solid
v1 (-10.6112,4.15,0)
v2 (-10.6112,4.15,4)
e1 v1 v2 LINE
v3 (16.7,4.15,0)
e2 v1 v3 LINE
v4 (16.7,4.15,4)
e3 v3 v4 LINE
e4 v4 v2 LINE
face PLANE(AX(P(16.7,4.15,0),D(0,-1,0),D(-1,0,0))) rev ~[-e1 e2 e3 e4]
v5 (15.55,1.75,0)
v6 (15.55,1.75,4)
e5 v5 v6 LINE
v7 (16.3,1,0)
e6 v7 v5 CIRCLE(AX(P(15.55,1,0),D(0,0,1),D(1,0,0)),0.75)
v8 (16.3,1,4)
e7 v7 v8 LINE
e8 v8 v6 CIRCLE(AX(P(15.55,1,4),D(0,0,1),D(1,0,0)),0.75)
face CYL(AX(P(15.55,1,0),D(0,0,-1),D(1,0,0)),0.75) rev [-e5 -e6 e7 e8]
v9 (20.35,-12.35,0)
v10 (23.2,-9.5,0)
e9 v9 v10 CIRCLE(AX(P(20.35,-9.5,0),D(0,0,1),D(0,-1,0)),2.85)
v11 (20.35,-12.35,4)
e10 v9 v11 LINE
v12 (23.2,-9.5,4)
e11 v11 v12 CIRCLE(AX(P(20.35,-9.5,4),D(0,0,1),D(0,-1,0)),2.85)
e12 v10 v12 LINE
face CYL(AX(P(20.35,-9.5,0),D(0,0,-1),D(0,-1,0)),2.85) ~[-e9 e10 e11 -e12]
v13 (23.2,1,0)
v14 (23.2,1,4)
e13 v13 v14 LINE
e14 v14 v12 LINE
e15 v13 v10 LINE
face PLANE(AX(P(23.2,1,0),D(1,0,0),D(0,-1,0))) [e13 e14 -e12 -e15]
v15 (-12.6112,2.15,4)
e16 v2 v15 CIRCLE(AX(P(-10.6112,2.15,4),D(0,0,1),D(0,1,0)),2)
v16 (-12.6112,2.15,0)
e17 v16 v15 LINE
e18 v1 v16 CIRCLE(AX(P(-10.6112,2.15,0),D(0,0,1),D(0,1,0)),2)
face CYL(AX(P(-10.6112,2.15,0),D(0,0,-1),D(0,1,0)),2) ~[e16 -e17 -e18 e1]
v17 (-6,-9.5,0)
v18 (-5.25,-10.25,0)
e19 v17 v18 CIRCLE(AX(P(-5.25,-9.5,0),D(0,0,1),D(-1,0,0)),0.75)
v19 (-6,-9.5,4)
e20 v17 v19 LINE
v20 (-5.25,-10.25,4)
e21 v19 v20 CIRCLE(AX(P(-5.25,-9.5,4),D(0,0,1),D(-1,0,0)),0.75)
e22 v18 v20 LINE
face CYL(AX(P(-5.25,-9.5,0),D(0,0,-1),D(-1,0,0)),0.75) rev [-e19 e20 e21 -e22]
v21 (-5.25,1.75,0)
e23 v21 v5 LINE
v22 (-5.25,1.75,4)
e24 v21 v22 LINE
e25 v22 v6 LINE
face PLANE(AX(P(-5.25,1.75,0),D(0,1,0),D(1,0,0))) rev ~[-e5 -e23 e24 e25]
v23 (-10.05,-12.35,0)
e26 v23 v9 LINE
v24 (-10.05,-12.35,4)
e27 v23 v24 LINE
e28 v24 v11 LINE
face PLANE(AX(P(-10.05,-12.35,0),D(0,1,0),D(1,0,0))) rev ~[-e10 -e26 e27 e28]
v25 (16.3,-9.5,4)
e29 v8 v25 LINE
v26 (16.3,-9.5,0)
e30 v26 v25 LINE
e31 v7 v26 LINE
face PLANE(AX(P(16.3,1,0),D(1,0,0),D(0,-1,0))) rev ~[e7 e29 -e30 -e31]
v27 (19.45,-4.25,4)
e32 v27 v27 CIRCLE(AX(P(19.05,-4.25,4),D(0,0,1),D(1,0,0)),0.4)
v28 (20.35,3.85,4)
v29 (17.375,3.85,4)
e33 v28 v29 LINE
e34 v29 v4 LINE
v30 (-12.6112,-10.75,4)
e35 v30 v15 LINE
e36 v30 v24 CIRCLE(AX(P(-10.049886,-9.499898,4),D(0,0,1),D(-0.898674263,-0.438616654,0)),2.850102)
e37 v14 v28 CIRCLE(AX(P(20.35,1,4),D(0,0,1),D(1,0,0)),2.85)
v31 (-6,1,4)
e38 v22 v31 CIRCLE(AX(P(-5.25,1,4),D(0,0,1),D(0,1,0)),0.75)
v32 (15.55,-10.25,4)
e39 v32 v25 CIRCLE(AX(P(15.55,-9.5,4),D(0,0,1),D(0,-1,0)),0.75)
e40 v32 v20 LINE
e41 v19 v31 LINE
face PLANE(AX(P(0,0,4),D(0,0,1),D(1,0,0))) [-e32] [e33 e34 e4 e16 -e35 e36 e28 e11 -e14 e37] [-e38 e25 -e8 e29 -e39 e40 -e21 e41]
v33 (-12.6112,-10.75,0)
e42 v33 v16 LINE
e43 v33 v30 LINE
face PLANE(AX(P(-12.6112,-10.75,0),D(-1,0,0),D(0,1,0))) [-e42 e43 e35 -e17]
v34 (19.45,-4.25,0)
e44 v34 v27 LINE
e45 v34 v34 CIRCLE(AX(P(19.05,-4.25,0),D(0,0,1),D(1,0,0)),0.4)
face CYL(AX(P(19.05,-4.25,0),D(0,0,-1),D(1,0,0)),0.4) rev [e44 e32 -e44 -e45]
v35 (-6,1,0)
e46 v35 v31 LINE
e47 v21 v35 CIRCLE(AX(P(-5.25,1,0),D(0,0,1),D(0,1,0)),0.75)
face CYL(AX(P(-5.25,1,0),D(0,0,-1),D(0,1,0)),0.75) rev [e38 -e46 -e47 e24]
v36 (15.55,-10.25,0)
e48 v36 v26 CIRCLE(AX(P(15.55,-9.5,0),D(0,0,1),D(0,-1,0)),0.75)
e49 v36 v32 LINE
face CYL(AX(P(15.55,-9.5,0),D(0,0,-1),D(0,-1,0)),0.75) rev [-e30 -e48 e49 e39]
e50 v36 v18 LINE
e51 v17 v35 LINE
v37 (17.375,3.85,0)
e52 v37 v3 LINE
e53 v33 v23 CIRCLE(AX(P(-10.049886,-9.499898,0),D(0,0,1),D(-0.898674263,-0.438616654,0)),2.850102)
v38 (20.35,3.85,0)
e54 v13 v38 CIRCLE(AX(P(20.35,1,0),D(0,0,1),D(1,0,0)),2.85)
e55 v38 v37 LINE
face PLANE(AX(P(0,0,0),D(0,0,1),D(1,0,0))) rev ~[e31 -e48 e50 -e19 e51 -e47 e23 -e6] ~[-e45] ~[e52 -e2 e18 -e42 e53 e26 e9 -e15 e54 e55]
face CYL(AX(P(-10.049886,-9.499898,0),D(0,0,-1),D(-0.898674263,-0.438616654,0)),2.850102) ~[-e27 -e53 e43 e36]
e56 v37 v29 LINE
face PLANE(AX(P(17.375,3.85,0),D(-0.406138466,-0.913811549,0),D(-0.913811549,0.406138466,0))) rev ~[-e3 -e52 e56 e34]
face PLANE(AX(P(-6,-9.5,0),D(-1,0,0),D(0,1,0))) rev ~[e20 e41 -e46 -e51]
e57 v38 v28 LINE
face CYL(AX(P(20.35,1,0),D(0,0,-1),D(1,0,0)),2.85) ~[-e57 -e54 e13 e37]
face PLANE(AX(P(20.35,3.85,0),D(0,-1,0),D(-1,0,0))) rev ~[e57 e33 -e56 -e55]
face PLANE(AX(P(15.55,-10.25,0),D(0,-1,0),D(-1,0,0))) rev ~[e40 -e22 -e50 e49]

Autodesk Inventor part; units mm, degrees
ref_plane "YZ Plane" through (0, 0, 0) normal (1, 0, 0) x (0, 1, 0)
ref_plane "XZ Plane" through (0, 0, 0) normal (0, 1, 0) x (-1, 0, 0)
ref_plane "XY Plane" through (0, 0, 0) normal (0, 0, 1) x (1, 0, 0)
ref_plane "Płaszczyzna konstrukcyjna1" through (0, 0, 0) normal (0, 0, 1) x (1, 0, 0)
sketch "Szkic1" plane through (0, 0, 0) normal (0, 0, 1) x (1, 0, 0)
  line L0 (23.2, 1) -> (23.2, -9.5) projected
  arc A0 (23.2, 1) -> (20.35, 3.85) centre (20.35, 1) ccw projected
  line L1 (20.35, 3.85) -> (17.375, 3.85) projected
  line L2 (17.375, 3.85) -> (16.7, 4.15) projected
  line L3 (16.7, 4.15) -> (-6.1, 4.15) projected
  line L4 (-6.1, 4.15) -> (-6.1, 2.15) projected
  line L5 (16.7, 2.15) -> (-6.1, 2.15) projected
  line L6 (16.7, -10.75) -> (16.7, 2.15) projected
  line L7 (16.7, -10.75) -> (-12.6112, -10.75) projected
  arc A1 (-12.6112, -10.75) -> (-10.05, -12.35) centre (-10.05, -9.5) ccw projected
  line L8 (-10.05, -12.35) -> (20.35, -12.35) projected
  arc A2 (20.35, -12.35) -> (23.2, -9.5) centre (20.35, -9.5) ccw projected
  circle A3 centre (19.05, -4.25) radius 0.4 projected
  line L9 (-5.25, 1.85) -> (-10.05, 1.85) projected
  line L10 (-10.9, 1) -> (-10.9, -3.7) projected
  arc A4 (-10.05, 1.85) -> (-10.9, 1) centre (-10.05, 1) ccw projected
  line L11 (-10.9, -4.8) -> (-10.9, -9.5) projected
  arc A5 (-10.9, -9.5) -> (-10.05, -10.35) centre (-10.05, -9.5) ccw projected
  line L12 (-10.05, -10.35) -> (-5.25, -10.35) projected
  line L13 (-12.6112, -10.75) -> (-12.6112, 2.15)
  line L14 (-10.6112, 4.15) -> (-6.1, 4.15)
  arc A6 (-10.6112, 4.15) -> (-12.6112, 2.15) centre (-10.6112, 2.15) ccw
  line L15 (-2.55, 1.95) -> (12.85, 1.95) projected
  line L16 (12.85, -10.45) -> (-2.55, -10.45) projected
  line L17 (-2.55, -10.45) -> (-10.05, -10.35)
  line L18 (12.85, -10.45) -> (16.7, -10.45)
  line L19 (12.85, 1.95) -> (16.7, 1.95)
  line L20 (-2.55, 1.95) -> (-5.25, 1.85)
  line L21 (-10.9, -3.7) -> (-10.9, -4.8)
  line L22 (16.3, 1) -> (16.3, -9.5) projected
  arc A7 (15.55, -10.25) -> (16.3, -9.5) centre (15.55, -9.5) ccw projected
  line L23 (15.55, -10.25) -> (-5.25, -10.25) projected
  arc A8 (-6, -9.5) -> (-5.25, -10.25) centre (-5.25, -9.5) ccw projected
  line L24 (-6, -9.5) -> (-6, 1) projected
  arc A9 (-5.25, 1.75) -> (-6, 1) centre (-5.25, 1) ccw projected
  line L25 (-5.25, 1.75) -> (15.55, 1.75) projected
  arc A10 (16.3, 1) -> (15.55, 1.75) centre (15.55, 1) ccw projected
  line L26 (-1.9, -0.65) -> (1.2, -0.65) projected
  line L27 (-1.9, -1.75) -> (-1.9, -0.65) projected
  line L28 (1.2, -1.75) -> (-1.9, -1.75) projected
  line L29 (1.2, -0.65) -> (1.2, -1.75) projected
  line L30 (5.4, 0.75) -> (5.4, 0.4385) projected
  arc A11 (5.4, 0.75) -> (5.4, -2.85) centre (5.8571, -1.05) ccw projected
  line L31 (5.4, -2.5385) -> (5.4, -2.85) projected
  arc A12 (4.3078, -1.2057) -> (5.4, -2.5385) centre (5.8571, -1.05) ccw projected
  line L32 (5.4, -1.2057) -> (4.3078, -1.2057) projected
  line L33 (5.4, -0.8943) -> (5.4, -1.2057) projected
  line L34 (4.3078, -0.8943) -> (5.4, -0.8943) projected
  arc A13 (5.4, 0.4385) -> (4.3078, -0.8943) centre (5.8571, -1.05) ccw projected
  line L35 (3.9, 0.75) -> (3.9, 0.4385) projected
  arc A14 (3.9, 0.75) -> (3.9, -2.85) centre (4.3571, -1.05) ccw projected
  line L36 (3.9, -2.5385) -> (3.9, -2.85) projected
  arc A15 (3.9, 0.4385) -> (3.9, -2.5385) centre (4.3571, -1.05) ccw projected
  circle A16 centre (-4.75, -8.6) radius 1 projected
  circle A17 centre (15.05, -8.6) radius 1 projected
  circle A18 centre (15.05, 0.1) radius 1 projected
  circle A19 centre (-4.75, 0.1) radius 1 projected
  line L37 (10.7377, -7.5396) -> (10.2468, -7.5396) projected
  line L38 (10.2468, -7.5396) -> (10.2468, -7.75) projected
  line L39 (10.2468, -7.75) -> (11.4156, -7.75) projected
  line L40 (11.4156, -7.75) -> (11.4156, -7.5396) projected
  line L41 (11.4156, -7.5396) -> (10.9247, -7.5396) projected
  line L42 (10.9247, -7.5396) -> (10.9247, -5.95) projected
  line L43 (10.9247, -5.95) -> (10.7377, -5.95) projected
  line L44 (10.7377, -5.95) -> (10.7377, -7.5396) projected
  line L45 (11.626, -7.75) -> (12.1804, -7.75) projected
  spline S0 degree 3 poles (12.1804, -7.75) (12.1963, -7.75) (12.2267, -7.75) (12.2708, -7.7479) (12.3118, -7.7457) (12.3495, -7.7415) (12.384, -7.7369) (12.4153, -7.7312) (12.4433, -7.7239) (12.4607, -7.7181) (12.469, -7.7153) knots 0 0 0 0 0.162643 0.312901 0.453294 0.58413 0.70285 0.811058 0.910586 1 1 1 1 projected
  spline S1 degree 3 poles (12.469, -7.7153) (12.4794, -7.7113) (12.5003, -7.7032) (12.5297, -7.6872) (12.5577, -7.6693) (12.5841, -7.6488) (12.6087, -7.6256) (12.6318, -7.6) (12.653, -7.5717) (12.6725, -7.5411) (12.6907, -7.5086) (12.7057, -7.4738) (12.7192, -7.4375) (12.7294, -7.3991) (12.7381, -7.3591) (12.7436, -7.3172) (12.7476, -7.2734) (12.7479, -7.2436) (12.7481, -7.2284) knots 0 0 0 0 0.056072 0.112012 0.167171 0.222811 0.27891 0.336355 0.395158 0.456072 0.518045 0.581404 0.645662 0.712108 0.780061 0.850885 0.92373 1 1 1 1 projected
  spline S2 degree 3 poles (12.7481, -7.2284) (12.7477, -7.2084) (12.7471, -7.1693) (12.7412, -7.1122) (12.7313, -7.058) (12.7179, -7.0065) (12.7004, -6.9578) (12.6787, -6.912) (12.6533, -6.8689) (12.6243, -6.8285) (12.5902, -6.7918) (12.5498, -6.7603) (12.5042, -6.7334) (12.4527, -6.7121) (12.3959, -6.6948) (12.3332, -6.683) (12.2648, -6.6762) (12.2175, -6.6752) (12.1929, -6.6747) knots 0 0 0 0 0.066633 0.130318 0.191414 0.250222 0.307644 0.363778 0.418941 0.474177 0.529339 0.585724 0.64416 0.705484 0.771261 0.841987 0.917917 1 1 1 1 projected
  line L46 (12.1929, -6.6747) -> (11.813, -6.6747) projected
  line L47 (11.813, -6.6747) -> (11.813, -5.95) projected
  line L48 (11.813, -5.95) -> (11.626, -5.95) projected
  line L49 (11.626, -5.95) -> (11.626, -7.75) projected
  line L50 (-2.2056, -2.52) -> (-2.1, -2.4134) projected
  line L51 (-0.9587, -3.7548) -> (-2.2056, -2.52) projected
  line L52 (-1.121, -5.7025) -> (-0.9587, -3.7548) projected
  line L53 (-2.2056, -6.7765) -> (-1.121, -5.7025) projected
  line L54 (-2.1, -6.8831) -> (-2.2056, -6.7765) projected
  line L55 (-1.1402, -5.9326) -> (-2.1, -6.8831) projected
  line L56 (-1.1875, -6.5) -> (-1.1402, -5.9326) projected
  line L57 (-1.1875, -6.5) -> (-1.5, -6.5) projected
  line L58 (-1.5, -6.65) -> (-1.5, -6.5) projected
  line L59 (-1.2, -6.65) -> (-1.5, -6.65) projected
  arc A20 (-1.2, -6.65) -> (1.2, -6.65) centre (0, -5.75) ccw projected
  line L60 (1.2, -6.65) -> (1.2, -6.15) projected
  line L61 (1.2, -6.15) -> (1.4598, -6.15) projected
  line L62 (2.2, -6.8831) -> (1.4598, -6.15) projected
  line L63 (2.3056, -6.7765) -> (2.2, -6.8831) projected
  line L64 (1.6, -6.0778) -> (2.3056, -6.7765) projected
  line L65 (1.6, -6.0778) -> (1.6, -5.45) projected
  line L66 (1.2, -5.45) -> (1.6, -5.45) projected
  line L67 (1.2, -5.45) -> (1.2, -3.6149) projected
  line L68 (2.3056, -2.52) -> (1.2, -3.6149) projected
  line L69 (2.2, -2.4134) -> (2.3056, -2.52) projected
  line L70 (1.3978, -3.2079) -> (2.2, -2.4134) projected
  arc A21 (1.3978, -3.2079) -> (0.6536, -3.05) centre (1, -3.25) ccw projected
  line L71 (0.6536, -3.05) -> (-0.75, -3.05) projected
  line L72 (-0.75, -3.05) -> (-0.75, -2.75) projected
  line L73 (-0.9, -2.75) -> (-0.75, -2.75) projected
  line L74 (-0.9, -3.05) -> (-0.9, -2.75) projected
  line L75 (-0.9425, -3.5598) -> (-0.9, -3.05) projected
  line L76 (-2.1, -2.4134) -> (-0.9425, -3.5598) projected
  point P0 (0, 0)
  point P1 (-12.6112, 4.15)
  dimension "d0" = 2
extrude "Wyciągnięcie proste1" add sketch "Szkic1" along normal blind 4 contours L0 A2 L8 A1 L7 L6 L5 L4 L3 L2 L1 A0 | L13 A6 L14 L4 L5 L6 L19 L15 L20 L9 A4 L10 L21 L11 A5 L17 L16 L18 L7 | L18 L16 L17 A5 L11 L21 L10 A4 L9 L20 L15 L19 L6
properties part number "ServoPlate"
